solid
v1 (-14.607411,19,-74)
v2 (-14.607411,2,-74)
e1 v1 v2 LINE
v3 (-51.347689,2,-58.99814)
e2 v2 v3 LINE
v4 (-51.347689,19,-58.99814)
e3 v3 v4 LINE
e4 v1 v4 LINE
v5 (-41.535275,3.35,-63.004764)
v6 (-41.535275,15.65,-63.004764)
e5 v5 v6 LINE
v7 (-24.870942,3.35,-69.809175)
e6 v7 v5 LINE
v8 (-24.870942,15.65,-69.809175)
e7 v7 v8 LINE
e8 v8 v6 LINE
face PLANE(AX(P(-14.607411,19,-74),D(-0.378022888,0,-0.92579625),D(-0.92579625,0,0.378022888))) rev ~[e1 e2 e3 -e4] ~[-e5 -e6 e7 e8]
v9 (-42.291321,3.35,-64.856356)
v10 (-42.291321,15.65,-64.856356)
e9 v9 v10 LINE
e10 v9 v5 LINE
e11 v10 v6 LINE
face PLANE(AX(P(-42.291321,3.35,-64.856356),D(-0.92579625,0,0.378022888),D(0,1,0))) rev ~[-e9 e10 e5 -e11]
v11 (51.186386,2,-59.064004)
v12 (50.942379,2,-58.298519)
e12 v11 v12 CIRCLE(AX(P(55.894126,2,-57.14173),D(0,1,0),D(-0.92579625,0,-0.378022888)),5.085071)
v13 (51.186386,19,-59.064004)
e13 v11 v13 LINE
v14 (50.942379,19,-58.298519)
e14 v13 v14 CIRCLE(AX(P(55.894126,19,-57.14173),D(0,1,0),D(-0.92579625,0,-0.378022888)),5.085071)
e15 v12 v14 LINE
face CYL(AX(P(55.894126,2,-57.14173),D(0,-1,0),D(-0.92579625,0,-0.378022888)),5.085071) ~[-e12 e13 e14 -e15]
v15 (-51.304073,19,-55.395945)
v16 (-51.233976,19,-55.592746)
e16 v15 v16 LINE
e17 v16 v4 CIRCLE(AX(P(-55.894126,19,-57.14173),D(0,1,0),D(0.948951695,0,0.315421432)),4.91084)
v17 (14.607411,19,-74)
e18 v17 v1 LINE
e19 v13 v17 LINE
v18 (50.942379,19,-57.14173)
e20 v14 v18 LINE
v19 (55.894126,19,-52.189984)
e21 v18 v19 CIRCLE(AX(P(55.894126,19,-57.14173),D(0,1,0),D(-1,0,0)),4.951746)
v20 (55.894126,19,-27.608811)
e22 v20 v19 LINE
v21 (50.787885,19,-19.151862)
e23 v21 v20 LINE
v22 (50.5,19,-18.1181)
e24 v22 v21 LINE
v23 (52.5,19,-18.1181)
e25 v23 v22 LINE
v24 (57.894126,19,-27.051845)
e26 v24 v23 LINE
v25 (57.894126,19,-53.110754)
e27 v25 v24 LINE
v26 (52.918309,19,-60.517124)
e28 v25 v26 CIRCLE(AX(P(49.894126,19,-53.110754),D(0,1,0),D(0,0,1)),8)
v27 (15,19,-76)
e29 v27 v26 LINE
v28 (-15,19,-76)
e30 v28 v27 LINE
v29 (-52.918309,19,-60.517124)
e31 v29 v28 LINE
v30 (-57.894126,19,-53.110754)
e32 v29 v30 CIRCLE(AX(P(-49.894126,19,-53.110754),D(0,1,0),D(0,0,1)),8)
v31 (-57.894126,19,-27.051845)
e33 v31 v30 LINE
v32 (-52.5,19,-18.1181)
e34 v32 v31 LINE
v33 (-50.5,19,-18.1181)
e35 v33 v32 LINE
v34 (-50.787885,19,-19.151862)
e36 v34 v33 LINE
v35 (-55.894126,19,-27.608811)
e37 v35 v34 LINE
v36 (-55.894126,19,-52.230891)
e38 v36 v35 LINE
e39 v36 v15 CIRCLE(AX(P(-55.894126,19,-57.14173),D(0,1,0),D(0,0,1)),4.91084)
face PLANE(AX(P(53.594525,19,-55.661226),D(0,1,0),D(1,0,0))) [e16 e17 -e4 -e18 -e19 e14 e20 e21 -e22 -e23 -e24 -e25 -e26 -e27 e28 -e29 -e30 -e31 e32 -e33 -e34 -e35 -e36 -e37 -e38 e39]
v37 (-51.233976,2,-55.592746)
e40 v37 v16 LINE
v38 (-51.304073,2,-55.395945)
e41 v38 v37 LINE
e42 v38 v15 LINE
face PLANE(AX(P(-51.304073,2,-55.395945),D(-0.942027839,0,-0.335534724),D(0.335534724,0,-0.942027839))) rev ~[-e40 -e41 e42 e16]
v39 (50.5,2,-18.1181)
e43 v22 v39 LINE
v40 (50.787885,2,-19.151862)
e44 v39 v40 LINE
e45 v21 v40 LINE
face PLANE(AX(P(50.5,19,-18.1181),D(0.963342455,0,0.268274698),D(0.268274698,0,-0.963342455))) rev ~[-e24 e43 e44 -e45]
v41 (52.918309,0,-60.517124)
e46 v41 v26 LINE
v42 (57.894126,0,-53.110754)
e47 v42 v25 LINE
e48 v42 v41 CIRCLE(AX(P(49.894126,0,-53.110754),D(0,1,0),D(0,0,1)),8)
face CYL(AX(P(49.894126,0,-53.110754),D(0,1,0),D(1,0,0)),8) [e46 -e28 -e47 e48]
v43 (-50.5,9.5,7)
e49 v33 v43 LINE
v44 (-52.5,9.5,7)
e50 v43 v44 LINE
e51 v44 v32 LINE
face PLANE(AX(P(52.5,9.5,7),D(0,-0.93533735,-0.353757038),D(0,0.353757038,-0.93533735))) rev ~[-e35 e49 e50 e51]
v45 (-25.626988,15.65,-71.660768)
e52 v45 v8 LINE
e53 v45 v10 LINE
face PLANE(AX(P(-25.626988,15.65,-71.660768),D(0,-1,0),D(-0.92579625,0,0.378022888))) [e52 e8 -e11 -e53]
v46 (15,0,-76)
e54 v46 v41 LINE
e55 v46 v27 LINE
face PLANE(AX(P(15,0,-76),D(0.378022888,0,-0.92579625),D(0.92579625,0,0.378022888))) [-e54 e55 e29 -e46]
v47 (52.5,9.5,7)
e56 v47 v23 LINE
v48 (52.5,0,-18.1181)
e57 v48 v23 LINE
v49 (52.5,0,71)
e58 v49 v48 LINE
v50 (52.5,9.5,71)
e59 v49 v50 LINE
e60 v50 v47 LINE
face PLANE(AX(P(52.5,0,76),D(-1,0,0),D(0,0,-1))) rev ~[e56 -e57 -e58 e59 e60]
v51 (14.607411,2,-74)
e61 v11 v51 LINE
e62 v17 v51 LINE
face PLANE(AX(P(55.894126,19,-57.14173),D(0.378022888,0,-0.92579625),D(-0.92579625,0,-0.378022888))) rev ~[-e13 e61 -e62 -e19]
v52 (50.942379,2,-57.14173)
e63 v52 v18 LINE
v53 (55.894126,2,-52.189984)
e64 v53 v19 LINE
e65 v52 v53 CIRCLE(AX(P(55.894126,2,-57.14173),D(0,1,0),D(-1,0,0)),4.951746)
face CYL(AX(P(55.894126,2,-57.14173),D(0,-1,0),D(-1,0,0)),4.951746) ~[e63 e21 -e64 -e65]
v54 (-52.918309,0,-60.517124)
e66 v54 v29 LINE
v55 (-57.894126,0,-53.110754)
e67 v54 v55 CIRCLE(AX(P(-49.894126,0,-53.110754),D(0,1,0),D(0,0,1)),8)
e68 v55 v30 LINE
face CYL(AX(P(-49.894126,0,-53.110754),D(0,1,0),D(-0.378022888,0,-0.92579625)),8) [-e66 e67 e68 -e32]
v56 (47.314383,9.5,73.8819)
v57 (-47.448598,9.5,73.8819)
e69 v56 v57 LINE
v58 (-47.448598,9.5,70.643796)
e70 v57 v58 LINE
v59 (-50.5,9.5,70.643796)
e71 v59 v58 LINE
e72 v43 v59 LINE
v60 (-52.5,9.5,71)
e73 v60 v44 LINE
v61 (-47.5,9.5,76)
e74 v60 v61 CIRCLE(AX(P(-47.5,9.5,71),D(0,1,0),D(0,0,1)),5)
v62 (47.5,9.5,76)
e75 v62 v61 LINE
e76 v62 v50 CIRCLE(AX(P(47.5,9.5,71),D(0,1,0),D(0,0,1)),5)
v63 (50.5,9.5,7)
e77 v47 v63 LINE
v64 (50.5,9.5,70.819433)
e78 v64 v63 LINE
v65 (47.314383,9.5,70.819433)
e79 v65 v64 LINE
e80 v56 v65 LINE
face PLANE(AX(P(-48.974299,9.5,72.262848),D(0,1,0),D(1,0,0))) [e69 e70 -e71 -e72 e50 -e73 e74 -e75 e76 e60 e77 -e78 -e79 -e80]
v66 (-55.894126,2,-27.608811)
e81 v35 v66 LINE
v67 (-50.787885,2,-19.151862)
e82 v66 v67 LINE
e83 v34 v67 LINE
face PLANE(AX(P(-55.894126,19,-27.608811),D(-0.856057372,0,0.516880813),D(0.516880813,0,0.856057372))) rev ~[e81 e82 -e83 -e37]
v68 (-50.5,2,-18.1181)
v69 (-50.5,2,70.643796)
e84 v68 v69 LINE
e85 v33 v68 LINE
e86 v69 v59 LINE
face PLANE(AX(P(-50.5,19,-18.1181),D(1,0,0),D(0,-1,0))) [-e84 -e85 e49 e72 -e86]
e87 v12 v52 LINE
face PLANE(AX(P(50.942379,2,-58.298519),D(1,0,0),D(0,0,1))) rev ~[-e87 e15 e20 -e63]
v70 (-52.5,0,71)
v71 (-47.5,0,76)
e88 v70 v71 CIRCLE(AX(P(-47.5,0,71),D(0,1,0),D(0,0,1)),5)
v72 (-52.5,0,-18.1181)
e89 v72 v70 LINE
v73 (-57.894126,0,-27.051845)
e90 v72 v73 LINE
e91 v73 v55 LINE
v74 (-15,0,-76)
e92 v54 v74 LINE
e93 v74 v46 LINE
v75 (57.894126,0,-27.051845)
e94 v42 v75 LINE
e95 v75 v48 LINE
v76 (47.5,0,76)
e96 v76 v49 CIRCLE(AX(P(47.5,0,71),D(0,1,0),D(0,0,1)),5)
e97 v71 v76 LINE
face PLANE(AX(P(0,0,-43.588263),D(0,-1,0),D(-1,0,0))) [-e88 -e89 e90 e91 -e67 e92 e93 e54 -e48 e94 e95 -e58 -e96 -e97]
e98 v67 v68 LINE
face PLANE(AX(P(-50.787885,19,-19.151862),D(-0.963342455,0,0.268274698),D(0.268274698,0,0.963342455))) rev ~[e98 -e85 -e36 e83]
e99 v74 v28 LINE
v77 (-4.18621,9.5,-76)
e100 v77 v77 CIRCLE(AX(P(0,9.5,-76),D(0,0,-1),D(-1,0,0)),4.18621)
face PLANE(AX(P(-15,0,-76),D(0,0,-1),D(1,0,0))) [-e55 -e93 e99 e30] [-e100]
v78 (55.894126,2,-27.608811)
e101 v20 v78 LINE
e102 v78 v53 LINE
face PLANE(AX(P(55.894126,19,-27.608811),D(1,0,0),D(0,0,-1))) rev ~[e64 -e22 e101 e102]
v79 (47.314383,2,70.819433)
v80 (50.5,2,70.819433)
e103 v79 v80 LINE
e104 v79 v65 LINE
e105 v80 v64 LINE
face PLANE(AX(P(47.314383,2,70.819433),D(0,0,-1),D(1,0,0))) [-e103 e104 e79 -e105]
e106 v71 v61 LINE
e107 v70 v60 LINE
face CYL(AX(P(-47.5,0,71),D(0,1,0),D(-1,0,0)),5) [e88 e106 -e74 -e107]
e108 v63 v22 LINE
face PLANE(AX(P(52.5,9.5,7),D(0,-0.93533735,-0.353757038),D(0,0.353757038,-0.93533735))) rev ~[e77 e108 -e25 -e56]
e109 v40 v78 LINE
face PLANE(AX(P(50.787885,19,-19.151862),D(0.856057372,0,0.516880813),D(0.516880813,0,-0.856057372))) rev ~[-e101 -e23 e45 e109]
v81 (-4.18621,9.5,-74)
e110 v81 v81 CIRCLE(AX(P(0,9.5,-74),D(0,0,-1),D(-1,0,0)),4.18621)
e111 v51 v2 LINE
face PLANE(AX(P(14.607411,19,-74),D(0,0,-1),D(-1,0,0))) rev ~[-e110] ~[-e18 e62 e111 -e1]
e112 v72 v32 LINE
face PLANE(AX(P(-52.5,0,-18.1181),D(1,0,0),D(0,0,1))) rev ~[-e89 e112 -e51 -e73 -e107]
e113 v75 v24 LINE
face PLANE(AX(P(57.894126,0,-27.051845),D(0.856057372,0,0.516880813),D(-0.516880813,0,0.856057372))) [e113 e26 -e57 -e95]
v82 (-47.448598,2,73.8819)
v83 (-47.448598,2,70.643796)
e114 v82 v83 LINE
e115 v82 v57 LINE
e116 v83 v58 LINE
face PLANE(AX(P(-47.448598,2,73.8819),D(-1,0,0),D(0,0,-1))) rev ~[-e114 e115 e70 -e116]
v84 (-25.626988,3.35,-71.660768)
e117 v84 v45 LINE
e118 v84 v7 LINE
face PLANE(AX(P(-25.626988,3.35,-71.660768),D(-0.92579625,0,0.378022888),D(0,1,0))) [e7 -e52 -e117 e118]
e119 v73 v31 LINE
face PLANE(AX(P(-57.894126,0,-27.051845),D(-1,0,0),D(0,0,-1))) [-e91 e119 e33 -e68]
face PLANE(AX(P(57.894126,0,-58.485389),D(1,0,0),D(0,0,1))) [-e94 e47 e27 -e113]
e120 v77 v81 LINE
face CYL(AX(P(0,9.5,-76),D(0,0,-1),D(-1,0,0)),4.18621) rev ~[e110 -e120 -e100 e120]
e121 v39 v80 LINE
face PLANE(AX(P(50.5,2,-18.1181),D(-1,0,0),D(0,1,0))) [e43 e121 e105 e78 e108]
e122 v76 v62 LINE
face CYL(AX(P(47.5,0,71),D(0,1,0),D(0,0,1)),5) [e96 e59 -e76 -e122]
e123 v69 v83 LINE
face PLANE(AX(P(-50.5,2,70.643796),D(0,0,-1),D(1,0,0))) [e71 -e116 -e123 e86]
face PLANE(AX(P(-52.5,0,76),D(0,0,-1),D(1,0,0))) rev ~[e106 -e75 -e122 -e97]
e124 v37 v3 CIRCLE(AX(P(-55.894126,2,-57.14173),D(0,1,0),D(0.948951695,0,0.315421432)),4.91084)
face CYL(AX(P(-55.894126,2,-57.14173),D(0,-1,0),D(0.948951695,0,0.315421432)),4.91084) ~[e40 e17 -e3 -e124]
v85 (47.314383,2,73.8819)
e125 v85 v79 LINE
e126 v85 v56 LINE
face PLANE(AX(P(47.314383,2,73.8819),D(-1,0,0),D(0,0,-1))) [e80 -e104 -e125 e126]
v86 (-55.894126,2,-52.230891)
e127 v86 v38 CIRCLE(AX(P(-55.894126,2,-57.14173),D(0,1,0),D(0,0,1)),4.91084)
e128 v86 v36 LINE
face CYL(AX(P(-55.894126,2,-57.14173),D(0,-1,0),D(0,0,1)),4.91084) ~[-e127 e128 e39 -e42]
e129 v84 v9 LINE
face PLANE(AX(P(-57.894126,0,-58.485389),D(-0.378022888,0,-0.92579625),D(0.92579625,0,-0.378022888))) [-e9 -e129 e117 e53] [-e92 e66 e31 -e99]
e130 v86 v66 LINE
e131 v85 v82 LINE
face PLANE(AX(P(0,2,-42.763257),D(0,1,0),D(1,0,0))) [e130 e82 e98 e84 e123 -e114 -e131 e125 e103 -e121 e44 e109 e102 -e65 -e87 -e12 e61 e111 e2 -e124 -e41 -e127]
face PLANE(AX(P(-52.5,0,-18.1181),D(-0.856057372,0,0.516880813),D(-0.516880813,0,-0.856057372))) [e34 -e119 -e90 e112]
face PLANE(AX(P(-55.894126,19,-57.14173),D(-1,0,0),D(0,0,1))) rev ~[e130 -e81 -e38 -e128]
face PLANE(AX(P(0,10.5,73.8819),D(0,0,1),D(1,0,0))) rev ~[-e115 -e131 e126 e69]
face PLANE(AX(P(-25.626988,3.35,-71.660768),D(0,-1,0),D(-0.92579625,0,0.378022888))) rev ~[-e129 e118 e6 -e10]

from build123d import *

# Parameters (mm, degrees)
SKETCH2_W           = 105
SKETCH2_H           = 25.118100445
BOSS_EXTRUDE2_DEPTH = 19
CUT_EXTRUDE13_DEPTH = 119
CUT_EXTRUDE15_DEPTH = 17
CUT_EXTRUDE17_DEPTH = 92
SKETCH8_R           = 4.186209529
CUT_EXTRUDE18_DEPTH = 92
BOSS_EXTRUDE3_DEPTH = 17
BOSS_EXTRUDE4_DEPTH = 17
SKETCH13_W          = 3.185616736
SKETCH13_H          = 3.062466768
BOSS_EXTRUDE6_DEPTH = 7.5
SKETCH14_W          = 3.051402249
SKETCH14_H          = 3.23810325
BOSS_EXTRUDE7_DEPTH = 7.5
FILLET1_R           = 5
FILLET2_R           = 5
FILLET5_R           = 8
FILLET6_R           = 8
SKETCH18_W          = 18
SKETCH18_H          = 12.3
CUT_EXTRUDE19_DEPTH = 15


with BuildPart() as part:
    # Sketch2 → Boss-Extrude2 (new body)
    with BuildSketch(Plane(origin=(0, 0, 0), x_dir=(1, 0, 0), z_dir=(0, 1, 0))):
        Polygon((-15, 76), (15, 76), (57.894125565, 58.485388954), (57.894125565, 27.051844623), (52.5, 18.118100445), (-52.5, 18.118100445), (-57.894125565, 27.051844623), (-57.894125565, 58.485388954), align=None)
        Polygon((52.5, -7), (-52.5, -7), (-52.5, -76), (0, -76), (15, -76), (52.5, -76), align=None)
        with Locations((0, 5.559050222)):
            Rectangle(SKETCH2_W, SKETCH2_H)
    extrude(amount=BOSS_EXTRUDE2_DEPTH)

    # Sketch4 → Cut-Extrude13 (cut)
    with BuildSketch(Plane(origin=(52.5, 0, 0), x_dir=(0, 0, -1), z_dir=(1, 0, 0))):
        Polygon((-76, 19), (-76, 9.5), (-7, 9.5), (18.118100445, 19), align=None)
    extrude(amount=-CUT_EXTRUDE13_DEPTH, mode=Mode.SUBTRACT)

    # Sketch5 → Cut-Extrude15 (cut)
    with BuildSketch(Plane(origin=(0, 19, 0), x_dir=(1, 0, 0), z_dir=(0, 1, 0))):
        Polygon((14.607411336, 74), (-14.607411336, 74), (-55.894125565, 57.141730213), (-55.894125565, 27.608811041), (-50.787885255, 19.151862072), (-50.5, 18.118100445), (50.5, 18.118100445), (50.787885255, 19.151862072), (55.894125565, 27.608811041), (55.894125565, 57.141730213), align=None)
    extrude(amount=-CUT_EXTRUDE15_DEPTH, mode=Mode.SUBTRACT)

    # Sketch7 → Cut-Extrude17 (cut)
    with BuildSketch(Plane(origin=(0, 0, -18.118100445), x_dir=(-1, 0, 0), z_dir=(0, 0, -1))):
        Polygon((50.5, 19), (50.5, 2), (11.545363278, 2), (-50.5, 2), (-50.5, 19), align=None)
    extrude(amount=-CUT_EXTRUDE17_DEPTH, mode=Mode.SUBTRACT)

    # Sketch8 → Cut-Extrude18 (cut)
    with BuildSketch(Plane(origin=(0, 0, -76), x_dir=(-1, 0, 0), z_dir=(0, 0, -1))):
        with Locations((0, 9.5)):
            Circle(SKETCH8_R)
    extrude(amount=-CUT_EXTRUDE18_DEPTH, mode=Mode.SUBTRACT)

    # Sketch11 → Boss-Extrude3 (add)
    with BuildSketch(Plane(origin=(0, 2, 0), x_dir=(1, 0, 0), z_dir=(0, 1, 0))):
        with BuildLine():
            Line((-51.347688624, 58.998140004), (-55.894125565, 57.141730213))
            Line((-55.894125565, 57.141730213), (-55.894125565, 52.230890552))
            ThreePointArc((-55.894125565, 52.230890552), (-53.106377647, 53.09885899), (-51.304073105, 55.395945406))
            Line((-51.304073105, 55.395945406), (-51.233975943, 55.592746134))
            ThreePointArc((-51.233975943, 55.592746134), (-50.986021462, 57.305621291), (-51.347688624, 58.998140004))
        make_face()
    extrude(amount=BOSS_EXTRUDE3_DEPTH)

    # Sketch12 → Boss-Extrude4 (add)
    with BuildSketch(Plane(origin=(0, 2, 0), x_dir=(1, 0, 0), z_dir=(0, 1, 0))):
        with BuildLine():
            Line((50.942379366, 58.29851863), (50.942379366, 57.141730213))
            ThreePointArc((50.942379366, 57.141730213), (52.392712249, 53.640316897), (55.894125565, 52.189984014))
            Line((55.894125565, 52.189984014), (55.894125565, 57.141730213))
            Line((55.894125565, 57.141730213), (51.18638565, 59.064003541))
            ThreePointArc((51.18638565, 59.064003541), (51.049240656, 58.686087709), (50.942379366, 58.29851863))
        make_face()
    extrude(amount=BOSS_EXTRUDE4_DEPTH)

    # Sketch13 → Boss-Extrude6 (add)
    with BuildSketch(Plane(origin=(0, 2, 0), x_dir=(1, 0, 0), z_dir=(0, 1, 0))):
        with Locations((48.907191632, -72.350666171)):
            Rectangle(SKETCH13_W, SKETCH13_H)
    extrude(amount=BOSS_EXTRUDE6_DEPTH)

    # Sketch14 → Boss-Extrude7 (add)
    with BuildSketch(Plane(origin=(0, 2, 0), x_dir=(1, 0, 0), z_dir=(0, 1, 0))):
        with Locations((-48.974298875, -72.26284793)):
            Rectangle(SKETCH14_W, SKETCH14_H)
    extrude(amount=BOSS_EXTRUDE7_DEPTH)

    # Fillet1
    fillet1_edges = [part.edges().sort_by_distance(p)[0] for p in [
        (-52.5, 4.75, 76),
    ]]
    fillet(fillet1_edges, radius=FILLET1_R)

    # Fillet2
    fillet2_edges = [part.edges().sort_by_distance(p)[0] for p in [
        (52.5, 4.75, 76),
    ]]
    fillet(fillet2_edges, radius=FILLET2_R)

    # Fillet5
    fillet5_edges = [part.edges().sort_by_distance(p)[0] for p in [
        (57.894125565, 9.5, -58.485388954),
    ]]
    fillet(fillet5_edges, radius=FILLET5_R)

    # Fillet6
    fillet6_edges = [part.edges().sort_by_distance(p)[0] for p in [
        (-57.894125565, 9.5, -58.485388954),
    ]]
    fillet(fillet6_edges, radius=FILLET6_R)

    # Sketch18 → Cut-Extrude19 (cut)
    with BuildSketch(Plane(origin=(-28.741404632, 0, -70.389083489), x_dir=(-0.925796249814304, 0, 0.37802288797078276), z_dir=(-0.37802288797078276, 0, -0.925796249814304))):
        with Locations((5.635958996, 9.5)):
            Rectangle(SKETCH18_W, SKETCH18_H)
    extrude(amount=-CUT_EXTRUDE19_DEPTH, mode=Mode.SUBTRACT)


solid = part.part
